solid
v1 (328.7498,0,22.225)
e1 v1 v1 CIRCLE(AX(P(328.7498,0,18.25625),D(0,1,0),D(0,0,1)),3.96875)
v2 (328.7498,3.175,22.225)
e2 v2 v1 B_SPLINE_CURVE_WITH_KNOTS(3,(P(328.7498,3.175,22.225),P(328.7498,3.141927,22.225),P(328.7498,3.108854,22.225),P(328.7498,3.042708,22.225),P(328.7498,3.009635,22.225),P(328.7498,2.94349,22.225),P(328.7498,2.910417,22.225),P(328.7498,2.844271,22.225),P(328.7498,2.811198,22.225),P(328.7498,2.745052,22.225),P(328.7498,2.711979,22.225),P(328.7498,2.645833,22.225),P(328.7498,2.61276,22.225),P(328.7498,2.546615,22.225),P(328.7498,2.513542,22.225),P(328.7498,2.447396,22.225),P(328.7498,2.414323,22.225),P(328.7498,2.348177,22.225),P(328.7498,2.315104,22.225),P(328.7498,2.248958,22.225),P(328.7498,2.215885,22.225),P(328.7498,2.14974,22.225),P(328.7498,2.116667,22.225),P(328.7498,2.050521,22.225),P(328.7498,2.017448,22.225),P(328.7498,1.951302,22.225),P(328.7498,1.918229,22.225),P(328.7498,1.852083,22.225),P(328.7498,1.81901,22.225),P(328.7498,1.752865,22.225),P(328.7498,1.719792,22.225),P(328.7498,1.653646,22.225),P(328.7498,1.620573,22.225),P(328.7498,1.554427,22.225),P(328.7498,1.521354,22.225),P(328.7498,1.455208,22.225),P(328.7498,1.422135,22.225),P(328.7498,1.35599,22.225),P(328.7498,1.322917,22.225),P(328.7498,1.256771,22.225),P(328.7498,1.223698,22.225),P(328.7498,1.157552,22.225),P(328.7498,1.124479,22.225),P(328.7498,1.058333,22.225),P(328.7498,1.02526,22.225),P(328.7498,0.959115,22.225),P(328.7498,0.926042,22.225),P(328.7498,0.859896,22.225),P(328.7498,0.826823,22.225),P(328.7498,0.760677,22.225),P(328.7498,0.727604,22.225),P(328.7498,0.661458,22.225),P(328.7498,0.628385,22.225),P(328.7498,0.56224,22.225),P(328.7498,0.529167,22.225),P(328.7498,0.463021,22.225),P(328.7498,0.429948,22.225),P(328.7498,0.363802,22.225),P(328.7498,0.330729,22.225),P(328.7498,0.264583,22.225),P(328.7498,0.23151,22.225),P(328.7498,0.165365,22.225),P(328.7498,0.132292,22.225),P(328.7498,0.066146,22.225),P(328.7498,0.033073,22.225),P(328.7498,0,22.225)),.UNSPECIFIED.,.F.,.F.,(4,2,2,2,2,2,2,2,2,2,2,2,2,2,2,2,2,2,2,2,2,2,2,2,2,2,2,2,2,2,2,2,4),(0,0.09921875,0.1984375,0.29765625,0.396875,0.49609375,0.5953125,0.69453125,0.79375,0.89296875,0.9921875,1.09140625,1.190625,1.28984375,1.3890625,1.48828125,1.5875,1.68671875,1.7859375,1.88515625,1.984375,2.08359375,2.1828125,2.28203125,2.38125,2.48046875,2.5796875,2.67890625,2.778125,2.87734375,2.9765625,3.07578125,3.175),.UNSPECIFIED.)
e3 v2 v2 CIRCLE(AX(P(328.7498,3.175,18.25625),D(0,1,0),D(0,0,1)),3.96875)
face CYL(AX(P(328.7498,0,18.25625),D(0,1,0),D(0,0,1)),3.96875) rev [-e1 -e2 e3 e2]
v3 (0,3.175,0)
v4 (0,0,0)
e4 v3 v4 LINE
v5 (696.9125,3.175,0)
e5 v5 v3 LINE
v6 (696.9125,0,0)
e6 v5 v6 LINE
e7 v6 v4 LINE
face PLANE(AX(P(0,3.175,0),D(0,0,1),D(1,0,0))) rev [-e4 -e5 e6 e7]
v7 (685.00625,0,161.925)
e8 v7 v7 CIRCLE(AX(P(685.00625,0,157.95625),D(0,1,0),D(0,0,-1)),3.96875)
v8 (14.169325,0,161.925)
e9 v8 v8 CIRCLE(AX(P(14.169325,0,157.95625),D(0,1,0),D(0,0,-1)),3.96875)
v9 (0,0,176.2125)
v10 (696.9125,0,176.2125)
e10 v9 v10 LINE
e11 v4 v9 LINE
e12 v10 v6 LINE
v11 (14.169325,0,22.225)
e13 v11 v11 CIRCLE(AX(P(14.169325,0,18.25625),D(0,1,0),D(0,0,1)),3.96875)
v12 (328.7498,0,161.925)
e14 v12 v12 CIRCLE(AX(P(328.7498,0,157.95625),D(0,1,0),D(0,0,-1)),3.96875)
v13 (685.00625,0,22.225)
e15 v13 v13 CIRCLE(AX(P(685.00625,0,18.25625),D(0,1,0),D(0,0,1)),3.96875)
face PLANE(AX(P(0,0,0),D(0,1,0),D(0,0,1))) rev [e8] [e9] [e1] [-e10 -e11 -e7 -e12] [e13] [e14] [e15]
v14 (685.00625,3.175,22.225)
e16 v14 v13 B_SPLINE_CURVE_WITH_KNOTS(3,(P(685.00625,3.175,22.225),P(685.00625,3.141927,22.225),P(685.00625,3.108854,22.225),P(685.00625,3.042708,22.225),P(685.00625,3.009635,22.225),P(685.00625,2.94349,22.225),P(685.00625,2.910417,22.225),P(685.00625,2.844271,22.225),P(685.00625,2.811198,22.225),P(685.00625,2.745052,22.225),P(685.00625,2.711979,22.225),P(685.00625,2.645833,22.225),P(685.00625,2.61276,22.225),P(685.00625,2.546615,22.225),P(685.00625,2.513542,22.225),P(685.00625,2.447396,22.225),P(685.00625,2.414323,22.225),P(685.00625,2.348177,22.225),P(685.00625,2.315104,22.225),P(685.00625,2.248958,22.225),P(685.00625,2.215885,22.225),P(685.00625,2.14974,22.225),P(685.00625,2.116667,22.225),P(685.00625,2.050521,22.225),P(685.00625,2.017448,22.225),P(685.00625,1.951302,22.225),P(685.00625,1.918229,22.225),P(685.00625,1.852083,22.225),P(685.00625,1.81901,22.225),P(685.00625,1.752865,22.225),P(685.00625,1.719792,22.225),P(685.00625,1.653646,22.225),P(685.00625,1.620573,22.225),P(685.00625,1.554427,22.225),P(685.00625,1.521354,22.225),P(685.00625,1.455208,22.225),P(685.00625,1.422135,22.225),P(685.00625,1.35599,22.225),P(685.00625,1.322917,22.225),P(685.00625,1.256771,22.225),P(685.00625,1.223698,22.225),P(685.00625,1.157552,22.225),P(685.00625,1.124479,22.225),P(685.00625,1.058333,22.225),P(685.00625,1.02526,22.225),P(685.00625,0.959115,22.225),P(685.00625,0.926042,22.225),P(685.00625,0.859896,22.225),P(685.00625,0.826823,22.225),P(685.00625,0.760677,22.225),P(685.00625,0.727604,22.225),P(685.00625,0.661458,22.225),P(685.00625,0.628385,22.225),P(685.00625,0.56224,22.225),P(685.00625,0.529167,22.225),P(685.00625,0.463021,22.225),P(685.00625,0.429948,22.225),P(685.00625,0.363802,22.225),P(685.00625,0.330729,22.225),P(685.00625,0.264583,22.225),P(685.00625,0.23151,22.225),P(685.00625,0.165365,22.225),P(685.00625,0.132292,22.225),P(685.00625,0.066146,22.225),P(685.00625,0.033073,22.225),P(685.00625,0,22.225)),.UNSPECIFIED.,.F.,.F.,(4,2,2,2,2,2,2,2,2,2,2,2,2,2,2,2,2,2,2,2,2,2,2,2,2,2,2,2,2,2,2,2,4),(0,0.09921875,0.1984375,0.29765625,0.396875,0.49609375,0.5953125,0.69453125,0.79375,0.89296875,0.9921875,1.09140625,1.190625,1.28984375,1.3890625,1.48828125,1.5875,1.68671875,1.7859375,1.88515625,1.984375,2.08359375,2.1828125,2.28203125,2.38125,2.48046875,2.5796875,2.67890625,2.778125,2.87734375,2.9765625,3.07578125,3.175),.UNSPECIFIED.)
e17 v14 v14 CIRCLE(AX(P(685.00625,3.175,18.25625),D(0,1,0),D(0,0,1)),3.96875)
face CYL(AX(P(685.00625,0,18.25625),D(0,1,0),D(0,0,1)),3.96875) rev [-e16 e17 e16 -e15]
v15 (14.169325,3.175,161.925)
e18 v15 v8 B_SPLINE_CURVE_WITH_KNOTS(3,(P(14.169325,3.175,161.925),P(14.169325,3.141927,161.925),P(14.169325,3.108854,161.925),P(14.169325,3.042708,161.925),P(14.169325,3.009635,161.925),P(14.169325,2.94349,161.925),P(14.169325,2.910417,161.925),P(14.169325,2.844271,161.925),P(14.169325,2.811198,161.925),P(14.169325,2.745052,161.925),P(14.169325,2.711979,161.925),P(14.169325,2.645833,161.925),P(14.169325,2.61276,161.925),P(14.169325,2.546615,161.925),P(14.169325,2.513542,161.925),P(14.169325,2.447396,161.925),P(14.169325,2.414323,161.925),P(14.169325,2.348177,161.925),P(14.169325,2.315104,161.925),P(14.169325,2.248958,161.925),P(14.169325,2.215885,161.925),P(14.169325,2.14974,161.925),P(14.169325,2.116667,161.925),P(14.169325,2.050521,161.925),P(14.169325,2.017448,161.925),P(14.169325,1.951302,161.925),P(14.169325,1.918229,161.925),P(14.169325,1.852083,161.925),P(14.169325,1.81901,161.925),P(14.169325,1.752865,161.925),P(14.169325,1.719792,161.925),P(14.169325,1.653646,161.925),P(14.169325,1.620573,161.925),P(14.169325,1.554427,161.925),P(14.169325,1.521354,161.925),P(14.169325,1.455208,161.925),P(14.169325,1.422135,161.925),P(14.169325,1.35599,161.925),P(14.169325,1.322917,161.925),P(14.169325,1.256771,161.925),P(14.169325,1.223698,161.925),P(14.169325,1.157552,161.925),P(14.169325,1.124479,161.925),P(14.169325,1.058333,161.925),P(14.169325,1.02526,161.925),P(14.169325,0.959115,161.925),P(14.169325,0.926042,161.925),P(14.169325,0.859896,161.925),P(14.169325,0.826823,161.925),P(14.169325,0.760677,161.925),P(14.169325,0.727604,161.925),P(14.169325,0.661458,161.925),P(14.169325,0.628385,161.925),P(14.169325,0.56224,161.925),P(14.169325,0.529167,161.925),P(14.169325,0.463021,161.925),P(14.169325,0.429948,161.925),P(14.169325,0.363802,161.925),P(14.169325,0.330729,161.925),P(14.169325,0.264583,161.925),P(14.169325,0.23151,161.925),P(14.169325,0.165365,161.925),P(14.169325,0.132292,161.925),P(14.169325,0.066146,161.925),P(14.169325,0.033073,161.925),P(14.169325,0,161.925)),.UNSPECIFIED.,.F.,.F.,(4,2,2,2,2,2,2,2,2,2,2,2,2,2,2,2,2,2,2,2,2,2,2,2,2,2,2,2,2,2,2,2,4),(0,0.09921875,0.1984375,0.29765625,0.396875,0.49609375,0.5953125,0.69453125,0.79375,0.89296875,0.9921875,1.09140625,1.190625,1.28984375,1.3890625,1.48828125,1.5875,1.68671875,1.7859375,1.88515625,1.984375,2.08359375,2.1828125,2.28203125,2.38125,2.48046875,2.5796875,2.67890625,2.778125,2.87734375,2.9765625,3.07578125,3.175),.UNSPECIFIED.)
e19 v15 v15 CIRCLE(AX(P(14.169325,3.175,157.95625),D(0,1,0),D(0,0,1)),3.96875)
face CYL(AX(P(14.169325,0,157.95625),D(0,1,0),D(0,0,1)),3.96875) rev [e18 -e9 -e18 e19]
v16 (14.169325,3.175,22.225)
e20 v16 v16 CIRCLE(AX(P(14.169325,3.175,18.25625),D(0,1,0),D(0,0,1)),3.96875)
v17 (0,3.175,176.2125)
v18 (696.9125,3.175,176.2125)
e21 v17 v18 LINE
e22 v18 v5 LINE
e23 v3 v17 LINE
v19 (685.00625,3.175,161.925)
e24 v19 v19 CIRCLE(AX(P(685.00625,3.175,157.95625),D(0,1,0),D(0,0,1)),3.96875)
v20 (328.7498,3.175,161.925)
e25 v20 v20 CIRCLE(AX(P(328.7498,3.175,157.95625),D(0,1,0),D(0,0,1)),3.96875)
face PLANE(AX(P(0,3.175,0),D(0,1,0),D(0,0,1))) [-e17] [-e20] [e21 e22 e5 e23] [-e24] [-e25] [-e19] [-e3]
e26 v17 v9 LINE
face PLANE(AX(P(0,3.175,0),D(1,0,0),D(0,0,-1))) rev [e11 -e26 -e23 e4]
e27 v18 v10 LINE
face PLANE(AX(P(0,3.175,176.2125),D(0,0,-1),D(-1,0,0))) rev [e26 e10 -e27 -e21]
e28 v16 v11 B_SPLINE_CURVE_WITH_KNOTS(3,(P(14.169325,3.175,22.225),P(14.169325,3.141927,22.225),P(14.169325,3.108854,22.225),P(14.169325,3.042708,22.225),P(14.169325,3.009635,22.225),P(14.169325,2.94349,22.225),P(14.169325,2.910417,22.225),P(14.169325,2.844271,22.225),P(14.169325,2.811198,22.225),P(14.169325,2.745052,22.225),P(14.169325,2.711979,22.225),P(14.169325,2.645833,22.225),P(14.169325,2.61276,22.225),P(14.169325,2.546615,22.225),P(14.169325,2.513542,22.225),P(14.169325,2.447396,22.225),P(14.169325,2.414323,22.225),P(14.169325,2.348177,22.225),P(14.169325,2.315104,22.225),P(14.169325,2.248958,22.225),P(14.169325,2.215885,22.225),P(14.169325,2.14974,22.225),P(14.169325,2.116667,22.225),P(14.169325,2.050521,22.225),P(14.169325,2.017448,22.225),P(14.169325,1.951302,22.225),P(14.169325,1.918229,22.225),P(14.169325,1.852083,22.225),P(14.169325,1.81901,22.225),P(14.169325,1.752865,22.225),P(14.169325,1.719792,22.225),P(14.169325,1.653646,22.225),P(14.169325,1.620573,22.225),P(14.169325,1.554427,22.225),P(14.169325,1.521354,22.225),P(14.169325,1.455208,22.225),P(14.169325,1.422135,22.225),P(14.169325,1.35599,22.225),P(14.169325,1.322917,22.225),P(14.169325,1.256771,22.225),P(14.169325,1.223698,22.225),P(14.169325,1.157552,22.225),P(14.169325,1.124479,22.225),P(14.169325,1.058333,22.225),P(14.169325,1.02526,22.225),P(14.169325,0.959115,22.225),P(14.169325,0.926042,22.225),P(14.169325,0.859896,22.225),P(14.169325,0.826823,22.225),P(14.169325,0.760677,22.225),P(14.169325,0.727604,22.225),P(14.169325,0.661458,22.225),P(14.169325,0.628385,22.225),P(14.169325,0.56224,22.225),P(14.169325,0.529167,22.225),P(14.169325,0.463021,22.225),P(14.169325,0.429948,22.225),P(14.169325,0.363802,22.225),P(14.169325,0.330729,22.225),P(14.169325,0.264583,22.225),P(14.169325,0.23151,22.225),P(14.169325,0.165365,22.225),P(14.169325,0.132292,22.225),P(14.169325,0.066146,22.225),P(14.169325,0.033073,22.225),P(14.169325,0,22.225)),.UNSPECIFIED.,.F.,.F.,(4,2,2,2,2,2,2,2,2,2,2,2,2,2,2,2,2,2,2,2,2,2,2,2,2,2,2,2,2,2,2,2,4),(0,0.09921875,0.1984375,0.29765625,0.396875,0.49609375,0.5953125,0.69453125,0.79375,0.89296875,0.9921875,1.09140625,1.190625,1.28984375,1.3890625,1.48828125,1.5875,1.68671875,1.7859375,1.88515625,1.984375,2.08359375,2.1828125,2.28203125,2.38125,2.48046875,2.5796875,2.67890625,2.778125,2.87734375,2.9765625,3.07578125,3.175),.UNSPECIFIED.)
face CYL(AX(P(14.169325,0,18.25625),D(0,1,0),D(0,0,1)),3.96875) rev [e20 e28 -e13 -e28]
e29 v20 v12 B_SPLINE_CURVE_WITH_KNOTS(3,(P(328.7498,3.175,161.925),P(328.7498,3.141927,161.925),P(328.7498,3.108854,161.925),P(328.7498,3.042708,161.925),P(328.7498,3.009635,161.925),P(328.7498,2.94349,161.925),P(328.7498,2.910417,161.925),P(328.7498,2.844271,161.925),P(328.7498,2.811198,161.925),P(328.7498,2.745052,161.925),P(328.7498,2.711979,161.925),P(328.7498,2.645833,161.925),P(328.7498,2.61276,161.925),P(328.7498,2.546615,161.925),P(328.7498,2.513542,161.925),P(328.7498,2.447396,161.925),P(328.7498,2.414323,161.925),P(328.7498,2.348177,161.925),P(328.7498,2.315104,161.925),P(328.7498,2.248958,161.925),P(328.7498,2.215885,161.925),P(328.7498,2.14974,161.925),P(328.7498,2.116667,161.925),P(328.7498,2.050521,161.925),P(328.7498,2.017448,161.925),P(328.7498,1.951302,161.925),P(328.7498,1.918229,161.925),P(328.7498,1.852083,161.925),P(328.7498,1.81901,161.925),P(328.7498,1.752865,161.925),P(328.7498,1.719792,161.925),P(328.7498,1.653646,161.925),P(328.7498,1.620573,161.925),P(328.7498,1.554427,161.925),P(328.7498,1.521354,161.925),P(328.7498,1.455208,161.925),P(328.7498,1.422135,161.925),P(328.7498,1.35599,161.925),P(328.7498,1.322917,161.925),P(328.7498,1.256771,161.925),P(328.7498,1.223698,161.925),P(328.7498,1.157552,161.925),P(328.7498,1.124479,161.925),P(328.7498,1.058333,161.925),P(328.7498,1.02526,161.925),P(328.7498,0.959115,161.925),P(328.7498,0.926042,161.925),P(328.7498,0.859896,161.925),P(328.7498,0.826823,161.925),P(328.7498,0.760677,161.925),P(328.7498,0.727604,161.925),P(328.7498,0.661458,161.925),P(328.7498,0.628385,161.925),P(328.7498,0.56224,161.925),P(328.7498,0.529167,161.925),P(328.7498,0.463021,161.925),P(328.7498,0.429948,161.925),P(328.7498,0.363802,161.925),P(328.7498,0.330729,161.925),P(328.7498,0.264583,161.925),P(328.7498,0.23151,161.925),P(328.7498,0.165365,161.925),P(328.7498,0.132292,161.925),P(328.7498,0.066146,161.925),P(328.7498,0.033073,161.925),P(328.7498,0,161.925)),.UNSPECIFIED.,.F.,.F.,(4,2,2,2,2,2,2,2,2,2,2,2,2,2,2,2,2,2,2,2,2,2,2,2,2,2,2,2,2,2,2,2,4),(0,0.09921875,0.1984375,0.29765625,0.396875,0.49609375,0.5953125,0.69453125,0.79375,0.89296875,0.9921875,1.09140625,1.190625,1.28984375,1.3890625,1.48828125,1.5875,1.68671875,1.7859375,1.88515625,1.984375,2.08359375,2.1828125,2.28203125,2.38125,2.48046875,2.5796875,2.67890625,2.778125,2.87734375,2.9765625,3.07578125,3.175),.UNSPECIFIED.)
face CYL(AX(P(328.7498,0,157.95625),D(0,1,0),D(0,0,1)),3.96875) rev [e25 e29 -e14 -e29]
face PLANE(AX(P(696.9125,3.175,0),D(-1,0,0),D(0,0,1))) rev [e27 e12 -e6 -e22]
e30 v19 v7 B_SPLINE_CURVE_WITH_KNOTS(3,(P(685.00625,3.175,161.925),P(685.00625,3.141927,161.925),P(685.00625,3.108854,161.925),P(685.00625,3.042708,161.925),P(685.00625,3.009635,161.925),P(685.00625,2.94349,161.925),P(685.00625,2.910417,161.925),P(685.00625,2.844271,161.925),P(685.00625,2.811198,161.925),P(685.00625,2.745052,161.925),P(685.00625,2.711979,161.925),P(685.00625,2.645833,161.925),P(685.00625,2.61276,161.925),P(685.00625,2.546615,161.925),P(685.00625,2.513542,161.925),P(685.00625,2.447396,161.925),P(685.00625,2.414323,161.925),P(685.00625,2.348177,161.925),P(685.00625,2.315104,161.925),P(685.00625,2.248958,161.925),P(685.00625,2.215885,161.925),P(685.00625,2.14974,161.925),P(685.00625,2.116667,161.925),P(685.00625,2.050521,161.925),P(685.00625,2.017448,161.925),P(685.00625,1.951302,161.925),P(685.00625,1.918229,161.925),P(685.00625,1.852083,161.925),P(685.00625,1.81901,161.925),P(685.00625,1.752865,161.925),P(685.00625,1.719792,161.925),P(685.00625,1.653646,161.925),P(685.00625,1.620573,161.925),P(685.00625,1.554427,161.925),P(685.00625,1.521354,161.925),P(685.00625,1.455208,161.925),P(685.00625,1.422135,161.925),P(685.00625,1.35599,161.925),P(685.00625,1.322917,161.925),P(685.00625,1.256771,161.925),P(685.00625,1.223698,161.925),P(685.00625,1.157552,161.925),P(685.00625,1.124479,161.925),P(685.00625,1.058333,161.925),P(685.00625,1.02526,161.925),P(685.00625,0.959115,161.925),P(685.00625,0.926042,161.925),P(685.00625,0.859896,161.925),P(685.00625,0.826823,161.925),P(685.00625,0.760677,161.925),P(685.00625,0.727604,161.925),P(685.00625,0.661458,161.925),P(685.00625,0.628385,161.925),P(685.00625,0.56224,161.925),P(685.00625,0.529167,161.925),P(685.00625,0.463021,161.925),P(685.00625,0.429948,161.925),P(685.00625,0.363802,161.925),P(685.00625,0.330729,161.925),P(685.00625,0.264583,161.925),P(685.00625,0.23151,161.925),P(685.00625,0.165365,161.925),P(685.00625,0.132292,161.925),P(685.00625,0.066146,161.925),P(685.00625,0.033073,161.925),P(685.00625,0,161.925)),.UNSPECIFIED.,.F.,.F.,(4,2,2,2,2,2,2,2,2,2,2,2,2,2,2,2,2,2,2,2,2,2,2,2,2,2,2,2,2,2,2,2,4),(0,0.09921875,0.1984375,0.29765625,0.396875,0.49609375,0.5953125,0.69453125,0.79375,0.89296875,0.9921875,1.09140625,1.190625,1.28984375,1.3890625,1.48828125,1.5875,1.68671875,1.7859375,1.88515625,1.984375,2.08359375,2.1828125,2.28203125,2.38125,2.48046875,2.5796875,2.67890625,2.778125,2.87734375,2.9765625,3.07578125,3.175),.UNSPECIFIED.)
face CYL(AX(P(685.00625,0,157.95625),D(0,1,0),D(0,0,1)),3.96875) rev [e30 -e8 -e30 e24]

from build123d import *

# Parameters (mm, degrees)
SKETCH1_W               = 696.9125
SKETCH1_H               = 176.2125
BOSS_EXTRUDE1_DEPTH     = 3.175
CUT_EXTRUDE1_DEPTH      = 384.558251102
CUT_EXTRUDE1_DEPTH_BACK = 384.558251102
SKETCH2_R               = 3.96875


with BuildPart() as part:
    # Sketch1 → Boss-Extrude1 (new body)
    with BuildSketch(Plane(origin=(0, 0, 0), x_dir=(1, 0, 0), z_dir=(0, 1, 0))):
        with Locations((348.45625, -88.10625)):
            Rectangle(SKETCH1_W, SKETCH1_H)
    extrude(amount=BOSS_EXTRUDE1_DEPTH)

    # Sketch2 → Cut-Extrude1 (cut, two sides: drawn at the far end of the back side and taken through both)
    with BuildSketch(Plane(origin=(324.841503281, 3.175, 83.099532245), x_dir=(1, 0, 0), z_dir=(0, 1, 0)).offset(-CUT_EXTRUDE1_DEPTH_BACK)):
        with Locations(Location((360.164746719, 64.843282245, 0), (0, 0, 270))):
            Circle(SKETCH2_R)
        with Locations(Location((360.164746719, -74.856717755, 0), (0, 0, 270))):
            Circle(SKETCH2_R)
        with Locations(Location((3.908296933, 64.843282245, 0), (0, 0, 270))):
            Circle(SKETCH2_R)
        with Locations(Location((-310.672178196, 64.843282245, 0), (0, 0, 270))):
            Circle(SKETCH2_R)
        with Locations(Location((3.908296933, -74.856717755, 0), (0, 0, 270))):
            Circle(SKETCH2_R)
        with Locations(Location((-310.672178196, -74.856717755, 0), (0, 0, 270))):
            Circle(SKETCH2_R)
    extrude(amount=CUT_EXTRUDE1_DEPTH + CUT_EXTRUDE1_DEPTH_BACK, mode=Mode.SUBTRACT)


solid = part.part
